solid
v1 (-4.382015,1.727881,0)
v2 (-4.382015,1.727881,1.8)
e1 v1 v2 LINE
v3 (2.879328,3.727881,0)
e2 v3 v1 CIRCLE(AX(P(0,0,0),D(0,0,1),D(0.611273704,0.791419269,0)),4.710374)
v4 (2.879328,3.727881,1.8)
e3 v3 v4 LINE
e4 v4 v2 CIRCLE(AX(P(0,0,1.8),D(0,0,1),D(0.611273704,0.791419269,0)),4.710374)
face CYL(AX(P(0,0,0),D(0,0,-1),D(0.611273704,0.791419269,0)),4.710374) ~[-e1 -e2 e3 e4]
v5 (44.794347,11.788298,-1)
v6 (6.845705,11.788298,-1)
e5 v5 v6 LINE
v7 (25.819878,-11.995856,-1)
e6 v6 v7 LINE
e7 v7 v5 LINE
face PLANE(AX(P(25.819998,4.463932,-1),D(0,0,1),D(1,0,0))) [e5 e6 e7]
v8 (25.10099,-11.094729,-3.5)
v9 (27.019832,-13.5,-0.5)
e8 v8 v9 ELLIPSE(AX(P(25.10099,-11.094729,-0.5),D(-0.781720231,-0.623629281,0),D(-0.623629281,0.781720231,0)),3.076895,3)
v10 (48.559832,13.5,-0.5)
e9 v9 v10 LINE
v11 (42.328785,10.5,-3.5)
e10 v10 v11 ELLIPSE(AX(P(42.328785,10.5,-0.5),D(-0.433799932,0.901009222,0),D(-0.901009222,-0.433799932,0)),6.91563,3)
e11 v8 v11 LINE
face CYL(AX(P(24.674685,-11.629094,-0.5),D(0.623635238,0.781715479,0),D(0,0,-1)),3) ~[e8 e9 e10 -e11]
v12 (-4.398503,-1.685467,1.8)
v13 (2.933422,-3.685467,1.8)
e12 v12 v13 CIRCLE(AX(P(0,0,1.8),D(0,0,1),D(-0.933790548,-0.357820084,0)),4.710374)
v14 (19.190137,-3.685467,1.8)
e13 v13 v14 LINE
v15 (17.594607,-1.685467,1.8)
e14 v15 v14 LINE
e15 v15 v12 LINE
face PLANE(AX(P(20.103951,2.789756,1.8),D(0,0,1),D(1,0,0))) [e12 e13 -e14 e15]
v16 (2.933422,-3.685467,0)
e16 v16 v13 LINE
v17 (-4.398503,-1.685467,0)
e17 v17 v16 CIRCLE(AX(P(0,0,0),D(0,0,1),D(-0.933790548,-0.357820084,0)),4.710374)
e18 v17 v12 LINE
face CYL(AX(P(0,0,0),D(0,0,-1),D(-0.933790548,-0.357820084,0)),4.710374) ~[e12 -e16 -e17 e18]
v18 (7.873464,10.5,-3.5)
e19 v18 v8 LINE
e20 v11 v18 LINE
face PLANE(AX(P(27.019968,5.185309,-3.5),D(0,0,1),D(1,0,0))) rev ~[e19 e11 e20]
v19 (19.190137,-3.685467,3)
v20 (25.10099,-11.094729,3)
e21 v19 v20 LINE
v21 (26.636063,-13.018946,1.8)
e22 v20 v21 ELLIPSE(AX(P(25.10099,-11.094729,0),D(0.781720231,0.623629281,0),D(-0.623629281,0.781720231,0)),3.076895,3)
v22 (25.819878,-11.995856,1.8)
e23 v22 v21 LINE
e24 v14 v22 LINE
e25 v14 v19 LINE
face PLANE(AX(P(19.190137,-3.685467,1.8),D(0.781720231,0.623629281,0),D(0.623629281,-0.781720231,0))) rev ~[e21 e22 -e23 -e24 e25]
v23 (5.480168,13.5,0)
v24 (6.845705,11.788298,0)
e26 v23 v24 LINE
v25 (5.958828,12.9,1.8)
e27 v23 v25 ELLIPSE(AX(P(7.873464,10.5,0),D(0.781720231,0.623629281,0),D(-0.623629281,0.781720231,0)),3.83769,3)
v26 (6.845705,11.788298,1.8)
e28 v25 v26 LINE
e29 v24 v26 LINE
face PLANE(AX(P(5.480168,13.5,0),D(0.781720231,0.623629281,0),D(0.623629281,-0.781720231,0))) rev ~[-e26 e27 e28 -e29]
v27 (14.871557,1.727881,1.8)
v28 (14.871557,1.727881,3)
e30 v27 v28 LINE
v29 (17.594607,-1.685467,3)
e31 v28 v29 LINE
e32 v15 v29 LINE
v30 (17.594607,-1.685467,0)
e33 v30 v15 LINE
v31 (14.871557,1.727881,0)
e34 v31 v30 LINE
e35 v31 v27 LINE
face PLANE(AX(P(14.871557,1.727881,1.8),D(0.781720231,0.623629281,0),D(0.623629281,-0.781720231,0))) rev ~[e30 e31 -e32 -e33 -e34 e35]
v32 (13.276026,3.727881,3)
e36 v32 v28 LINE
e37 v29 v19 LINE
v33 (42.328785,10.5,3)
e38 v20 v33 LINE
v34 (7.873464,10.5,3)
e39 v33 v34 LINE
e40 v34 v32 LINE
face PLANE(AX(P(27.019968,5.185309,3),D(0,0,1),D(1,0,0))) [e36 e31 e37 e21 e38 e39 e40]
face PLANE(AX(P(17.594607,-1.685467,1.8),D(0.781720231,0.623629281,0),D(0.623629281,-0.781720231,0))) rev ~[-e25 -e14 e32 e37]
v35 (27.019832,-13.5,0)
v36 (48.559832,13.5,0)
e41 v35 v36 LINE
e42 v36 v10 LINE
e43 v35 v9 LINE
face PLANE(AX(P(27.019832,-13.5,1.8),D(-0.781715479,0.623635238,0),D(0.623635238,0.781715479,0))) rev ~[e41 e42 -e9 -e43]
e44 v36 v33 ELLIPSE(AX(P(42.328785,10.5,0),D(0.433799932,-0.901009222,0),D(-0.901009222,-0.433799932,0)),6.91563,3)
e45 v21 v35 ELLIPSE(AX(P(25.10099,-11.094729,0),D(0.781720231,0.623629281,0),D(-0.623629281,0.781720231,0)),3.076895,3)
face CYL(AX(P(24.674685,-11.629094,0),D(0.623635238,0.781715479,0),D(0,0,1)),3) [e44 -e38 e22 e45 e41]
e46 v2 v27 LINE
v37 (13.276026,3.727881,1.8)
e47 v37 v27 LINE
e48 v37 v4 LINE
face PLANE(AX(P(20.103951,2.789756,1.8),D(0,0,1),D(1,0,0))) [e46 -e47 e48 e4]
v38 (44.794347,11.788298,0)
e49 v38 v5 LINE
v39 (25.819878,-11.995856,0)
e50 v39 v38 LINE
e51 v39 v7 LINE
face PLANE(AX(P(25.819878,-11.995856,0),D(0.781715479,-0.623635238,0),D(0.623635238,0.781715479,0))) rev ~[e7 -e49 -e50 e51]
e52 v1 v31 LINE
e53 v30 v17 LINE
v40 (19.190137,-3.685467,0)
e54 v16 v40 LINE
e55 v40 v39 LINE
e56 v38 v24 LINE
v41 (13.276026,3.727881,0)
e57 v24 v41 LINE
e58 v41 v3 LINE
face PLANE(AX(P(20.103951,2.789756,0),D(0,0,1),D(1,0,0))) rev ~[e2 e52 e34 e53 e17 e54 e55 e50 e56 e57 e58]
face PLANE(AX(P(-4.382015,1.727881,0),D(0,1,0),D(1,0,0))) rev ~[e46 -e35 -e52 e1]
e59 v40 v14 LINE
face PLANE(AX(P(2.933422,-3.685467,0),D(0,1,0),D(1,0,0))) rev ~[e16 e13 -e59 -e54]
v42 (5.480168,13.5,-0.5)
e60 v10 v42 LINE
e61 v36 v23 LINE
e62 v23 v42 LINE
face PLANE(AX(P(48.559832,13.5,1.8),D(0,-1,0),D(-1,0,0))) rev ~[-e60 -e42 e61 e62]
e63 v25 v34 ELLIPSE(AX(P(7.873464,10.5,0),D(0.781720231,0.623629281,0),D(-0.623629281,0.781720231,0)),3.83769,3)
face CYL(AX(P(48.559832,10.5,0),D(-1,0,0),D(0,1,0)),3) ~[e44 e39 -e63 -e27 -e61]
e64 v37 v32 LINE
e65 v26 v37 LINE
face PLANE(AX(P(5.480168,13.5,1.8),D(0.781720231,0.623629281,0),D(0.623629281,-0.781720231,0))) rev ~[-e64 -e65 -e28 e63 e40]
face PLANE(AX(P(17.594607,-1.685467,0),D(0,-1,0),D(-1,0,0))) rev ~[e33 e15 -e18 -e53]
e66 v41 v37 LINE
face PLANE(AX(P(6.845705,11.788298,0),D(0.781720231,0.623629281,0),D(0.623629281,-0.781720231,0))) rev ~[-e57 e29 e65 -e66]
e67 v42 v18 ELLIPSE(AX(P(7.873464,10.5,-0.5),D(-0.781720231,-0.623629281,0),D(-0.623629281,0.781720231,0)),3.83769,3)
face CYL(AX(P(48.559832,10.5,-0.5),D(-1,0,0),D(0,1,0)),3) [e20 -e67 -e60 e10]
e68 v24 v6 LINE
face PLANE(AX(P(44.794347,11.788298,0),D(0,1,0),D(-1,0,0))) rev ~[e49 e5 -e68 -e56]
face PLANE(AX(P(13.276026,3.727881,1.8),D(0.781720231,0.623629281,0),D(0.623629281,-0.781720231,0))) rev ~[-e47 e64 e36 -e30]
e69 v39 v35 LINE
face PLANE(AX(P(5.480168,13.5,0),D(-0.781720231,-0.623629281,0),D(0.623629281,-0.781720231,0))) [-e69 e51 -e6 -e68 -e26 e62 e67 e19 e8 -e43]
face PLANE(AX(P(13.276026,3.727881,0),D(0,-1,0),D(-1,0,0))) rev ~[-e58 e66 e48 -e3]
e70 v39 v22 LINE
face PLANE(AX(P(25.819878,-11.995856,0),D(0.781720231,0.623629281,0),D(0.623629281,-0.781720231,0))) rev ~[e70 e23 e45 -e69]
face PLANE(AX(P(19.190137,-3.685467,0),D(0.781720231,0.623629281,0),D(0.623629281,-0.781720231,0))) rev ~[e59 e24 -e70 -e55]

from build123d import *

# Parameters (mm, degrees)
F2_DEPTH = 3.5
F4_DEPTH = 1
F6_DEPTH = 1.8
F8_DEPTH = 1.2
F9_R     = 3


with BuildPart() as f2:
    # F1 (on Top) → F2 (new body)
    with BuildSketch(Plane.XY):
        Polygon((48.5598316574, 13.5), (5.4801683426, 13.5), (27.0198316574, -13.5), align=None)
    extrude(amount=-F2_DEPTH)

    # F3 (on Top) → F4 (cut)
    with BuildSketch(Plane.XY):
        Polygon((44.7943471372, 11.7882982132), (6.8457046456, 11.7882982132), (25.8198775993, -11.9958558036), align=None)
    extrude(amount=-F4_DEPTH, mode=Mode.SUBTRACT)

    # F5 (on face) → F6 (join)
    with BuildSketch(Plane.XY):
        with BuildLine():
            ThreePointArc((2.8793278964, 3.7278809202), (3.7658696299, 2.8294612951), (4.3820146982, 1.7278809202))
            Line((4.3820146982, 1.7278809202), (14.8715565456, 1.7278809202))
            Line((14.8715565456, 1.7278809202), (17.594606702, -1.6854665007))
            Line((17.594606702, -1.6854665007), (4.3985029231, -1.6854665007))
            ThreePointArc((4.3985029231, -1.6854665007), (3.7999051439, -2.783585132), (2.9334215452, -3.6854665007))
            Line((2.9334215452, -3.6854665007), (19.1901373179, -3.6854665007))
            Line((19.1901373179, -3.6854665007), (25.8198775993, -11.9958558036))
            Line((25.8198775993, -11.9958558036), (44.7943471372, 11.7882982132))
            Line((44.7943471372, 11.7882982132), (6.8457046456, 11.7882982132))
            Line((6.8457046456, 11.7882982132), (13.2760259297, 3.7278809202))
            Line((13.2760259297, 3.7278809202), (2.8793278964, 3.7278809202))
        make_face()
        Polygon((5.4801683426, 13.5), (6.8457046456, 11.7882982132), (44.7943471372, 11.7882982132), (25.8198775993, -11.9958558036), (27.0198316574, -13.5), (48.5598316574, 13.5), align=None)
        with BuildLine():
            Line((-4.3820146982, 1.7278809202), (4.3820146982, 1.7278809202))
            ThreePointArc((4.3820146982, 1.7278809202), (3.7658696299, 2.8294612951), (2.8793278964, 3.7278809202))
            ThreePointArc((2.8793278964, 3.7278809202), (-1.2508065023, 4.5412672663), (-4.3820146982, 1.7278809202))
        make_face()
        with BuildLine():
            ThreePointArc((2.9334215452, -3.6854665007), (3.7999051439, -2.783585132), (4.3985029231, -1.6854665007))
            Line((4.3985029231, -1.6854665007), (-4.3985029231, -1.6854665007))
            ThreePointArc((-4.3985029231, -1.6854665007), (-1.2396031062, -4.5443381728), (2.9334215452, -3.6854665007))
        make_face()
    extrude(amount=F6_DEPTH)

    # F7 (on face) → F8 (join)
    with BuildSketch(Plane.XY.offset(1.8)):
        Polygon((48.5598316574, 13.5), (5.4801683426, 13.5), (13.2760259297, 3.7278809202), (14.8715565456, 1.7278809202), (17.594606702, -1.6854665007), (19.1901373179, -3.6854665007), (27.0198316574, -13.5), align=None)
    extrude(amount=F8_DEPTH)

    # F9
    f9_edges = [f2.edges().sort_by_distance(p)[0] for p in [
        (27.02, 13.5, 3),
        (27.02, 13.5, -3.5),
        (37.789832, 0, 3),
        (37.789832, 0, -3.5),
    ]]
    fillet(f9_edges, radius=F9_R)


solid = f2.part
